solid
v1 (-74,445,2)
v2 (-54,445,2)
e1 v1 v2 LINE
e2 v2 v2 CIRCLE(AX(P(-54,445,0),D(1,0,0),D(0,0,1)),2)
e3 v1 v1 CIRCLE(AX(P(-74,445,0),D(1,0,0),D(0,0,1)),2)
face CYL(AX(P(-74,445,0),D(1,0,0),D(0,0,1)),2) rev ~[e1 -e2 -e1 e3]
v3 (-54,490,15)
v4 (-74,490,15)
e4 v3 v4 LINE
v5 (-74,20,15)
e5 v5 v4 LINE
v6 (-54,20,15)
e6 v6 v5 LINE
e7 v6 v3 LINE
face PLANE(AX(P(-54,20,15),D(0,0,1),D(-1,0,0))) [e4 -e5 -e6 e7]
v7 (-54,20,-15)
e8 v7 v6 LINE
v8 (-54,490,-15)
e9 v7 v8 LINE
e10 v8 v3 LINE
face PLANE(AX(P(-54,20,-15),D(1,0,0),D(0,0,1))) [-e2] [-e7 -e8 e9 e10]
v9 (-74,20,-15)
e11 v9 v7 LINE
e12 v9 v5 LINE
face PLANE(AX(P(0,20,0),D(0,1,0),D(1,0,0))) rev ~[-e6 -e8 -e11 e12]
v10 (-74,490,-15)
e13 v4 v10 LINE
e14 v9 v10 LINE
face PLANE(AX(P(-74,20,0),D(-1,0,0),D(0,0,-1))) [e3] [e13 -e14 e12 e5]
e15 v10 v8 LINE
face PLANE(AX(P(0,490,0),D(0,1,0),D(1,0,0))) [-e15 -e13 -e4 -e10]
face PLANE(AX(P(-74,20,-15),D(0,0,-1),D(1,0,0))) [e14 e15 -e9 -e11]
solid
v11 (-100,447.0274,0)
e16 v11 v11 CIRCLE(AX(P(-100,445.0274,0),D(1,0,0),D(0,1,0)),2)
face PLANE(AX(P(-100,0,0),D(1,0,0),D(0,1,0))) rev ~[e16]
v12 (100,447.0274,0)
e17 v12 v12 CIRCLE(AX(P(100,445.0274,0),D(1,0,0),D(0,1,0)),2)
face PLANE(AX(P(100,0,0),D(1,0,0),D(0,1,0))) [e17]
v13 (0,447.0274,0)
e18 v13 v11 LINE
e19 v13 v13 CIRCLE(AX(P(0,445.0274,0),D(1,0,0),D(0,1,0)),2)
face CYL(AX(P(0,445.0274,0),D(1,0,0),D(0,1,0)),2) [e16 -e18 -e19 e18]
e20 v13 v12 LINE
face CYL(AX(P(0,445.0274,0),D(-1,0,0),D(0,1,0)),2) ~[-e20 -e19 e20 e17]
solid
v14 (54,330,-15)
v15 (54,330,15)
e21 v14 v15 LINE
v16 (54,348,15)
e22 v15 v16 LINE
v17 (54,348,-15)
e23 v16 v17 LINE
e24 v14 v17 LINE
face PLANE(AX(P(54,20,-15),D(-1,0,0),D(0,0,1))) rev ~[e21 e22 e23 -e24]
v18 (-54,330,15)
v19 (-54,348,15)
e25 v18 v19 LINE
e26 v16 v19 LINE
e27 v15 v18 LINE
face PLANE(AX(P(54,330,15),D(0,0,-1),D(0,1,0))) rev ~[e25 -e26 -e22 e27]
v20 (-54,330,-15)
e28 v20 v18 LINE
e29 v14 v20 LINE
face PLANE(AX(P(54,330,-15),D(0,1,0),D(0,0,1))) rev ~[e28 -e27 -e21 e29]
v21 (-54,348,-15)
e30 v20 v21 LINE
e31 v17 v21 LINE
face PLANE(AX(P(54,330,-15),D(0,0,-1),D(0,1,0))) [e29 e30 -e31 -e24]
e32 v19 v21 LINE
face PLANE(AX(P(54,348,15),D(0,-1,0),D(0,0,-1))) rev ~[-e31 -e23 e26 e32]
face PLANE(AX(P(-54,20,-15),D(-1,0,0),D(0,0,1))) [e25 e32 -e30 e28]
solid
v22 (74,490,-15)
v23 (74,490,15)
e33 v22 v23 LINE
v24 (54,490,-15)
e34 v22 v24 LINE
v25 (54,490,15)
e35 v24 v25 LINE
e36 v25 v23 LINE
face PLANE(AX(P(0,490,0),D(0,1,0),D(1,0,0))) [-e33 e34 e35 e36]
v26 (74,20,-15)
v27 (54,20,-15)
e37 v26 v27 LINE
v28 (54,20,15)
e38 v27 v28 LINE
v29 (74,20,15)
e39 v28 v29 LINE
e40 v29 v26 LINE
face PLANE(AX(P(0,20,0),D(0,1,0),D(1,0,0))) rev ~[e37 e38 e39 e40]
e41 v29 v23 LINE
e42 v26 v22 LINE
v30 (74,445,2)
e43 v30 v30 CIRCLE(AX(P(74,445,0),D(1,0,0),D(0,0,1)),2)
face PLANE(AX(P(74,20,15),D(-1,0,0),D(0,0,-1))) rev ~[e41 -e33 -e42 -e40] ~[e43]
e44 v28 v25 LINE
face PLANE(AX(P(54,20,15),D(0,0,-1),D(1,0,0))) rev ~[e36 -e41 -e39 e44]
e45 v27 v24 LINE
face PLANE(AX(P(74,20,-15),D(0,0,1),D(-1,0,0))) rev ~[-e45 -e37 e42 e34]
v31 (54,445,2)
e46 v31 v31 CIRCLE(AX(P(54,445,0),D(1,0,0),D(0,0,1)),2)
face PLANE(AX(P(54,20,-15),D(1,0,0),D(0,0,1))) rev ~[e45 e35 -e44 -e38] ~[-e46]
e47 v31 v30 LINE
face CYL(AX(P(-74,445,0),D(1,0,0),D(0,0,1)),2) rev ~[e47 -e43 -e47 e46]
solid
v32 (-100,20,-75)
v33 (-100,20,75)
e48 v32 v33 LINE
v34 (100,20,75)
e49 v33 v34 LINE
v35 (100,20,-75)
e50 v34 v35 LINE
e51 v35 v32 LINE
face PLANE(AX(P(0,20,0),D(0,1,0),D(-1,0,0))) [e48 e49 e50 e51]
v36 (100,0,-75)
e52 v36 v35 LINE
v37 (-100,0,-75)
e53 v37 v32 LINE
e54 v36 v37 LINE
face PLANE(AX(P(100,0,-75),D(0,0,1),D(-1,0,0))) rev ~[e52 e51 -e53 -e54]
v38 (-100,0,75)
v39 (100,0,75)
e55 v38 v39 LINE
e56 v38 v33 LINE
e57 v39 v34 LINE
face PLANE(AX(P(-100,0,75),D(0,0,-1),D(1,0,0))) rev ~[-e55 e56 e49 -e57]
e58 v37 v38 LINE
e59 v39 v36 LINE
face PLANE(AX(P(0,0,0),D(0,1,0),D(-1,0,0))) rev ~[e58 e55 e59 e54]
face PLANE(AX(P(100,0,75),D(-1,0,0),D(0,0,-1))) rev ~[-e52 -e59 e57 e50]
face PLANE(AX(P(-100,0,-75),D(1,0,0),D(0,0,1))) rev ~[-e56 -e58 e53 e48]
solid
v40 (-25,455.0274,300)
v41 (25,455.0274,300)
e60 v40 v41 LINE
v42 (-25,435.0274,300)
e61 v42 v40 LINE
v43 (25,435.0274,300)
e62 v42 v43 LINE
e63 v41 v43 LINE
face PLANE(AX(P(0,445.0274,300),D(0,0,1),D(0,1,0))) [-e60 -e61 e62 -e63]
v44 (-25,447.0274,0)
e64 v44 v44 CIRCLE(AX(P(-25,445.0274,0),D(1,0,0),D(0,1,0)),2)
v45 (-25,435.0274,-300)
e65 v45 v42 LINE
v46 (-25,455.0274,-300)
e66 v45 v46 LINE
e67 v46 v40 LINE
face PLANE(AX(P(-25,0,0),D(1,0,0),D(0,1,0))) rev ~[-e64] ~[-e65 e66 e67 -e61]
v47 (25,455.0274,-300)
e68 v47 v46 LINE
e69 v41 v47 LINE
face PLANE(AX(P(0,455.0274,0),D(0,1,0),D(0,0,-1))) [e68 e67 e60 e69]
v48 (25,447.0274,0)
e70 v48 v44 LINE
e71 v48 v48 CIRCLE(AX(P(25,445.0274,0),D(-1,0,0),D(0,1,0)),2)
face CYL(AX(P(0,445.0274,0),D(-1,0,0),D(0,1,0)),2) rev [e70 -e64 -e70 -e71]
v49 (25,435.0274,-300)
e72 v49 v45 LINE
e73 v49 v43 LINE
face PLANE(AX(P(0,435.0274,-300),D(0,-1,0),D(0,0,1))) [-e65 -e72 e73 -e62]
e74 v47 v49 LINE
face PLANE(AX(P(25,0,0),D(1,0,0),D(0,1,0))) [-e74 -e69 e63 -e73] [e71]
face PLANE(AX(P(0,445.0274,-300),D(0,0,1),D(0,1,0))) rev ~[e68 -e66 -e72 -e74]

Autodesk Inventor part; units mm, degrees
ref_plane "YZ Plane" through (0, 0, 0) normal (1, 0, 0) x (0, 1, 0)
ref_plane "XZ Plane" through (0, 0, 0) normal (0, 1, 0) x (-1, 0, 0)
ref_plane "XY Plane" through (0, 0, 0) normal (0, 0, 1) x (1, 0, 0)
sketch "Boceto1" plane through (0, 0, 0) normal (0, 1, 0) x (-1, 0, 0)
  line L0 (-100, -75) -> (100, -75)
  line L1 (100, -75) -> (100, 75)
  line L2 (100, 75) -> (-100, 75)
  line L3 (-100, 75) -> (-100, -75)
  line L4 (-100, -75) -> (100, 75) construction
  line L5 (100, -75) -> (-100, 75) construction
  point P0 (0, 0)
  dimension "d0" = 200
  dimension "d1" = 150
extrude "Extrusión1" add sketch "Boceto1" along normal blind 20
sketch "Boceto2" plane through (0, 20, 0) normal (0, 1, 0) x (1, 0, 0)
  line L0 (100, -75) -> (100, 75) projected
  line L1 (100, 0) -> (74, 0)
  line L2 (74, 0) -> (74, 15)
  line L3 (74, 15) -> (54, 15)
  line L4 (54, 15) -> (54, -15)
  line L5 (54, -15) -> (74, -15)
  line L6 (74, -15) -> (74, 0)
  line L7 (0, 0) -> (0, -60.8498)
  line L8 (-74, 0) -> (-74, 15)
  line L9 (-74, 15) -> (-54, 15)
  line L10 (-54, 15) -> (-54, -15)
  line L11 (-54, -15) -> (-74, -15)
  line L12 (-74, -15) -> (-74, 0)
  dimension "d4" = 26
  dimension "d5" = 15
  dimension "d6" = 20
  dimension "d7" = 30
extrude "Extrusión2" add sketch "Boceto2" along normal blind 470 separate body
sketch "Boceto3" plane through (54, 20, -15) normal (-1, 0, 0) x (0, 0, 1)
  line L0 (30, 0) -> (30, 470) projected
  line L1 (0, 0) -> (0, 470) projected
  line L2 (30, 470) -> (30, 328)
  line L3 (30, 328) -> (0, 328)
  line L4 (0, 328) -> (0, 310)
  line L5 (0, 310) -> (30, 310)
  point P0 (15, -20)
  dimension "d10" = 142
  dimension "d11" = 18
extrude "Extrusión3" add sketch "Boceto3" along normal up to surface (108 mm away) separate body
sketch "Boceto4" plane through (-74, 20, -15) normal (-1, 0, 0) x (0, 0, 1)
  line L0 (0, 470) -> (30, 470) projected
  line L1 (0, 0) -> (0, 470) projected
  line L2 (15, 470) -> (15, 425)
  circle A0 centre (15, 425) radius 2
  point P0 (15, -20)
  dimension "d14" = 45
  dimension "d15" = 4
sketch "Boceto5" plane through (-74, 20, -15) normal (-1, 0, 0) x (0, 0, 1)
  line L0 (0, 0) -> (30, 0) projected
  line L1 (30, 0) -> (30, 470) projected
  line L2 (0, 470) -> (30, 470) projected
  line L3 (0, 0) -> (0, 470) projected
  point P0 (15, -20)
hole "Hole1" at (-74, 445, 0) direction (1, 0, 0) diameter 4 end through all bodies 2
sketch "Boceto6" plane through (-74, 20, -15) normal (-1, 0, 0) x (0, 0, 1)
  circle A0 centre (15, 425) radius 2 projected
  line L0 (0, 0) -> (30, 0) projected
  line L1 (30, 0) -> (30, 470) projected
  line L2 (0, 470) -> (30, 470) projected
  line L3 (0, 0) -> (0, 470) projected
  circle A1 centre (15, 425) radius 2
  point P0 (15, -20)
  dimension "d23" = 4
sketch "Boceto7" plane through (0, 0, 0) normal (1, 0, 0) x (0, 1, 0)
  circle A0 centre (445.0274, 0) radius 2
  point P0 (0, 0)
  dimension "d24" = 4
extrude "Extrusión4" add sketch "Boceto7" along normal blind 100 and the other way blind 100 separate body
sketch "Boceto8" plane through (0, 0, 0) normal (1, 0, 0) x (0, 1, 0)
  circle A0 centre (445.0274, 0) radius 2 projected
  line L0 (445.0274, 0) -> (455.0274, 0)
  line L1 (445.0274, 0) -> (445.0274, 300)
  line L2 (445.0274, 0) -> (445.0274, -300)
  line L3 (445.0274, -300) -> (455.0274, -300)
  line L4 (445.0274, -300) -> (435.0274, -300)
  line L5 (435.0274, -300) -> (435.0274, 300)
  line L6 (435.0274, 300) -> (455.0274, 300)
  line L7 (455.0274, 300) -> (455.0274, -300)
  point P0 (0, 0)
  dimension "d29" = 10
  dimension "d32" = 300
  dimension "d33" = 300
  dimension "d34" = 10
  dimension "d35" = 10
  dimension "d36" = 20
extrude "Extrusión5" add sketch "Boceto8" along normal mid plane 50 separate body contours L0 L7 L3 L2 A0 | A0 L1 L6 L7 L0 | A0 L2 L4 L5 L6 L1
properties part number "BrazoTFG" material "Madera (roble)"
